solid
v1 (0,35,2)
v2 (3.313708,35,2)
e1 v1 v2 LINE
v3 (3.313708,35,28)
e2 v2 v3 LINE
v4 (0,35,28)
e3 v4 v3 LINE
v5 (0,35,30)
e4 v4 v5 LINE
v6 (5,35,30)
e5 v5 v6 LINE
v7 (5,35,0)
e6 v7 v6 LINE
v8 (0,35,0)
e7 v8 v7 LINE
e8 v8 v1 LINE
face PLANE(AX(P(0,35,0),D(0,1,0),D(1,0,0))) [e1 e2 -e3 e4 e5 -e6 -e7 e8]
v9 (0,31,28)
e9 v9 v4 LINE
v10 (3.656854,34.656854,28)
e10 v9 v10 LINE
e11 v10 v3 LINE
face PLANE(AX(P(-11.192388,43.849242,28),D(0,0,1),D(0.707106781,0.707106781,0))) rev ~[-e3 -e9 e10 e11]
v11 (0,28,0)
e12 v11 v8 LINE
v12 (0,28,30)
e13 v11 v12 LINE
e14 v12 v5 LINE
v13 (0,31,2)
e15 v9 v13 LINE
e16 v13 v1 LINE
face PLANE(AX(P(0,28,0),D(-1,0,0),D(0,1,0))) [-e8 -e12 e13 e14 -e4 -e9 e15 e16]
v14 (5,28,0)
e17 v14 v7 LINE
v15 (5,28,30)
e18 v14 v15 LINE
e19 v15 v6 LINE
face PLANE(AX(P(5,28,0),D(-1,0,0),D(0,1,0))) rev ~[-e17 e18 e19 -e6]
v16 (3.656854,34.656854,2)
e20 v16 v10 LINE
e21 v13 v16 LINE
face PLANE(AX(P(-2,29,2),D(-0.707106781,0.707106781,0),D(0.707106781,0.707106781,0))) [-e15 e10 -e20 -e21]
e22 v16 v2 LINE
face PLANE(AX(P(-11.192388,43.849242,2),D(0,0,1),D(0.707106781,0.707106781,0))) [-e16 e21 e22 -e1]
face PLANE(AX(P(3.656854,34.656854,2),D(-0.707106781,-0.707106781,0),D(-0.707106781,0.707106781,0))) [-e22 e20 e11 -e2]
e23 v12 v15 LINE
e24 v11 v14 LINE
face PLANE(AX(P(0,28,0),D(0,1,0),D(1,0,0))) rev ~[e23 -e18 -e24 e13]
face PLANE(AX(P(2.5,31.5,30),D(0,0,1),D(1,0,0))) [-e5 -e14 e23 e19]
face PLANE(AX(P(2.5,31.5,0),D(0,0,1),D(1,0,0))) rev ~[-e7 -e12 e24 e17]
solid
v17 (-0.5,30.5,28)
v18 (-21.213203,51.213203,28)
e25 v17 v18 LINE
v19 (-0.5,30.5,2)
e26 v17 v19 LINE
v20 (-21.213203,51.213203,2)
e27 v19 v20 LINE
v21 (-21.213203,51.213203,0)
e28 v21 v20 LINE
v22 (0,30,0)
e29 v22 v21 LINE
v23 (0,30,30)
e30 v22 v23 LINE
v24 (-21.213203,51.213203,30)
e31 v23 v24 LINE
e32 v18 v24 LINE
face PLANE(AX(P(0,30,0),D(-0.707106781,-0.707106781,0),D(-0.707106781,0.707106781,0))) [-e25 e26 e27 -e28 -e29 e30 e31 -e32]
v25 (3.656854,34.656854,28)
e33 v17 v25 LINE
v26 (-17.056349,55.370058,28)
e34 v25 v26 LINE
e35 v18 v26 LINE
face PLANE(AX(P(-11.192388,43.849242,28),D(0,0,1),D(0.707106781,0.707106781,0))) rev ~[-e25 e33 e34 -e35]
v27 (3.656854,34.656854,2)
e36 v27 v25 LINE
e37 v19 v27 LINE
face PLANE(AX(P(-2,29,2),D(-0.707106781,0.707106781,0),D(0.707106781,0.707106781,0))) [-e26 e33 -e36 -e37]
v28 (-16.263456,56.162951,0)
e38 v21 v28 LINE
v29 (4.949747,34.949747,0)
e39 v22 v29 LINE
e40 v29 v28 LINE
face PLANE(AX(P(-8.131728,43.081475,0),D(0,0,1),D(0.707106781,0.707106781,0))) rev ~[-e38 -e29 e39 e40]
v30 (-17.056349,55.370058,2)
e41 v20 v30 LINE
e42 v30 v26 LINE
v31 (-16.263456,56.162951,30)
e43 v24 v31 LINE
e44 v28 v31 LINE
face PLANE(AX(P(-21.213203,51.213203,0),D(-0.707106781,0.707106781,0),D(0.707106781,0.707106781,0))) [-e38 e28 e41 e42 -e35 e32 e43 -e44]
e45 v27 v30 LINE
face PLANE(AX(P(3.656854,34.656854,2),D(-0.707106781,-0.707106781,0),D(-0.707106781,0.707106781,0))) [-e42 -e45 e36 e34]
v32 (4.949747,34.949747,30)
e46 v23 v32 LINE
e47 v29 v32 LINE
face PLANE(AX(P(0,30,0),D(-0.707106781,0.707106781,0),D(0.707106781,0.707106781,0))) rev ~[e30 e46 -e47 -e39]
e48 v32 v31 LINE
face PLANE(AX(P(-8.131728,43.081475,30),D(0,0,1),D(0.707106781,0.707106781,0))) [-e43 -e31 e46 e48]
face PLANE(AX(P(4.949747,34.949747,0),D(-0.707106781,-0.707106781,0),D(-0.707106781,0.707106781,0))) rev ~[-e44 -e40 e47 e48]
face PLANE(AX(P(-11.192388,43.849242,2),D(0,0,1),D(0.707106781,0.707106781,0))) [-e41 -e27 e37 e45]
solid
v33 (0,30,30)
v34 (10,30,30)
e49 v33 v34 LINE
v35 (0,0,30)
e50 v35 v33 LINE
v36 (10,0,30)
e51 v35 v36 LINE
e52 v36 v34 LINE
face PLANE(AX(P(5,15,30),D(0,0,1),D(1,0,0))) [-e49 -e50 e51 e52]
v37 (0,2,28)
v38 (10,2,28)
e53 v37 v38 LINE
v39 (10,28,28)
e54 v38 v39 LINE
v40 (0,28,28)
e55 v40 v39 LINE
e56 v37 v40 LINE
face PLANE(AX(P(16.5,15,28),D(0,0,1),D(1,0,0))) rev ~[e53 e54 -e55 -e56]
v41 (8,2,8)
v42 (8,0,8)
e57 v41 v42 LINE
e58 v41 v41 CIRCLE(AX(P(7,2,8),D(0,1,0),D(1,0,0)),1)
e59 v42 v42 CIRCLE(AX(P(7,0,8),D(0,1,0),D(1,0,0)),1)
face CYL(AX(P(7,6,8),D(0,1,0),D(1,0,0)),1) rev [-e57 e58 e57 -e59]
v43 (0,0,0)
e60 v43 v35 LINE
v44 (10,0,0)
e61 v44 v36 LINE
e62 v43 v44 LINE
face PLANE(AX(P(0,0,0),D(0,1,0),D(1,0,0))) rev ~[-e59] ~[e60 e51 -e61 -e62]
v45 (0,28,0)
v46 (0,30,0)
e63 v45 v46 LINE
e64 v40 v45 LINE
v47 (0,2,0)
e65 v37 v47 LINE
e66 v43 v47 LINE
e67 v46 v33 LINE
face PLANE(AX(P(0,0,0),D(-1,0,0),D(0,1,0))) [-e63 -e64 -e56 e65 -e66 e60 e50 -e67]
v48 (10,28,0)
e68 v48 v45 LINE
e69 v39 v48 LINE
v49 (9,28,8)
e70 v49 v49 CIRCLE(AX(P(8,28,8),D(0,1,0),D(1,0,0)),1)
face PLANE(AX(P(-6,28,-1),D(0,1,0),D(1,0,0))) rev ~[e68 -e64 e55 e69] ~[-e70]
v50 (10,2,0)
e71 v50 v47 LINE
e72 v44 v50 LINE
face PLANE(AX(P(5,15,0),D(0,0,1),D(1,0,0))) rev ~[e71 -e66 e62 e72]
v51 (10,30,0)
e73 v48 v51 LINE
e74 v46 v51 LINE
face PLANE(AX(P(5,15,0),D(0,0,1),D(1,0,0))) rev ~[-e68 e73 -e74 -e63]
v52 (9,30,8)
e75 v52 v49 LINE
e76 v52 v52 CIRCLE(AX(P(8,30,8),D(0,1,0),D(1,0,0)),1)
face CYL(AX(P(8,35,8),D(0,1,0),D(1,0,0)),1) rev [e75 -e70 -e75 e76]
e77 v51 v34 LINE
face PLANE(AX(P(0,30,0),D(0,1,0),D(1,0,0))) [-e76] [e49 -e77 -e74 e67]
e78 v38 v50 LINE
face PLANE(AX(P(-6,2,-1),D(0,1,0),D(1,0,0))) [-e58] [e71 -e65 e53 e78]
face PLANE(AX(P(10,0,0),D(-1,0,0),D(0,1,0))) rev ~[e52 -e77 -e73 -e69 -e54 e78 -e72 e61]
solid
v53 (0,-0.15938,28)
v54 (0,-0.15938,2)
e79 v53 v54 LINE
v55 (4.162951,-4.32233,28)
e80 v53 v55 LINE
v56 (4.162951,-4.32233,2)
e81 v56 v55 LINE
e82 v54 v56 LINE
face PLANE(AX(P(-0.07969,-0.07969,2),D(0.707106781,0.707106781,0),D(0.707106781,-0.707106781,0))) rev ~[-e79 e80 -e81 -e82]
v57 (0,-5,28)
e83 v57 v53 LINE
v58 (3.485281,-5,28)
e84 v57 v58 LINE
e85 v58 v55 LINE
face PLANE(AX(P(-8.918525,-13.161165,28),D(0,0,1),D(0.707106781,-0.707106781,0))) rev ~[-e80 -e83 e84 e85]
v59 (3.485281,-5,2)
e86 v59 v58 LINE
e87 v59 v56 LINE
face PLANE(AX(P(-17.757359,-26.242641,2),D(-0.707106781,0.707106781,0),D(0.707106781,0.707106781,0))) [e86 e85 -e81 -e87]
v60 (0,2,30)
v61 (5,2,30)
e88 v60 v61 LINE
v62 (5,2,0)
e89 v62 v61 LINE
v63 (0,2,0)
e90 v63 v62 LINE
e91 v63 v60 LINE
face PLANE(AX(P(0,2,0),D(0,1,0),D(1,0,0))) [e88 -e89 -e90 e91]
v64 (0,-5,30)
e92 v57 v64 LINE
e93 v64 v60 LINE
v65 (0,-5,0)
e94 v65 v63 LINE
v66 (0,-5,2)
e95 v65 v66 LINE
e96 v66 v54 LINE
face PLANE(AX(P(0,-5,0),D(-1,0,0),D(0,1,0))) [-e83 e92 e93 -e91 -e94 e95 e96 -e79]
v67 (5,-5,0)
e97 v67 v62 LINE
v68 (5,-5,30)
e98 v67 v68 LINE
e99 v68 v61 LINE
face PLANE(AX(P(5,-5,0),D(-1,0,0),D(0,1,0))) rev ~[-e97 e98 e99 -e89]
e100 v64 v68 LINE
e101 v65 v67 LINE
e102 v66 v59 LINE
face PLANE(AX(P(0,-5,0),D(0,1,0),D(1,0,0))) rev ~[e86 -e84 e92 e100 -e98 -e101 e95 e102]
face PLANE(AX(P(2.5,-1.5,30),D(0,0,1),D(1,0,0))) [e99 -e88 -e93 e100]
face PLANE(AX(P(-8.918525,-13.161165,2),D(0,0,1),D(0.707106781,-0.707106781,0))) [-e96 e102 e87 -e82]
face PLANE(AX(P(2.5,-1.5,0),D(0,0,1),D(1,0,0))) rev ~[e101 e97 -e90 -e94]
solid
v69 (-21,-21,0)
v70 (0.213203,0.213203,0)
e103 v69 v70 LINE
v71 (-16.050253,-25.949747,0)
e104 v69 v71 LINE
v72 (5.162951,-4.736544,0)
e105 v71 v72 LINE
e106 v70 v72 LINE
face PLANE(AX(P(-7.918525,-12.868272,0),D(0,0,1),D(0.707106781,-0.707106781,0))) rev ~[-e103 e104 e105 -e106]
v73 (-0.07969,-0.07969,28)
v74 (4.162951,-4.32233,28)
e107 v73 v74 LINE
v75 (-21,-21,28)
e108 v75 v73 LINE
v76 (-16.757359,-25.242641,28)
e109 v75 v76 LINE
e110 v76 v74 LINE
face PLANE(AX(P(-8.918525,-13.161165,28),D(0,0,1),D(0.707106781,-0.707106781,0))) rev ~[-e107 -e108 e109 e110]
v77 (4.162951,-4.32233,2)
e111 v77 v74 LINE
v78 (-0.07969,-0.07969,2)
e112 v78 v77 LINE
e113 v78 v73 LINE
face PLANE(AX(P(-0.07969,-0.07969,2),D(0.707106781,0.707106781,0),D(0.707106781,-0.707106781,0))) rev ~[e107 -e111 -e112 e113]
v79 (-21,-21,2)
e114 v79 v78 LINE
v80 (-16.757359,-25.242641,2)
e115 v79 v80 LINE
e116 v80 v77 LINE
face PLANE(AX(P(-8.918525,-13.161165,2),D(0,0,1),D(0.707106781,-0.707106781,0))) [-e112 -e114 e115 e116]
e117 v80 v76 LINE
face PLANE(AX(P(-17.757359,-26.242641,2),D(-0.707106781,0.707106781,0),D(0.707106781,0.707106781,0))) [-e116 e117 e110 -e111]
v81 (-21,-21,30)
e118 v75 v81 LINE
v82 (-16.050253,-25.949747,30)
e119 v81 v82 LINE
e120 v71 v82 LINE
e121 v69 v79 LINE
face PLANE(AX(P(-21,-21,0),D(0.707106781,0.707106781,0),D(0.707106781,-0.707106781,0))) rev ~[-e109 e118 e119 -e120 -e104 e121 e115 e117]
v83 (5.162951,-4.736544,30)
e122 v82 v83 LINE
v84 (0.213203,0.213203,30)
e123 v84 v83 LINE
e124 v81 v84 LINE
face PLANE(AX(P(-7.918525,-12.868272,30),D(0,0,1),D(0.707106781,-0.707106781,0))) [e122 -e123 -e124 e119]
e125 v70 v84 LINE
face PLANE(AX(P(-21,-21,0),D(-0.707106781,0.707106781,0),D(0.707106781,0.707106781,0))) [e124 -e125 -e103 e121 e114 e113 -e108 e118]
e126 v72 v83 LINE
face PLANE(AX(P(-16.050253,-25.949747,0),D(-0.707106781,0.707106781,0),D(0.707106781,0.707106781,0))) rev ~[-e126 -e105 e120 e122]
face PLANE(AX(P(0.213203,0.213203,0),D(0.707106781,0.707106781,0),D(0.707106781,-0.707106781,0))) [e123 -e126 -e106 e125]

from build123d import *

# Parameters (mm, degrees)
CYLINDER_R             = 1
CYLINDER_DEPTH         = 10
CYLINDER_ROLL_ANGLE    = 90
CYLINDER001_R          = 1
CYLINDER001_DEPTH      = 10
CYLINDER001_ROLL_ANGLE = 90
BOX001_W               = 45
BOX001_H               = 26
BOX001_DEPTH           = 29
BOX_W                  = 10
BOX_H                  = 30
BOX_DEPTH              = 30
BOX005_W               = 6
BOX005_H               = 31
BOX005_DEPTH           = 26
BOX005_PLACEMENT_ANGLE = -45
BOX003_W               = 7
BOX003_H               = 30
BOX003_DEPTH           = 30
BOX003_PLACEMENT_ANGLE = -45
BOX004_W               = 8
BOX004_H               = 34
BOX004_DEPTH           = 26
BOX004_PLACEMENT_ANGLE = 45
BOX002_W               = 7
BOX002_H               = 30
BOX002_DEPTH           = 30
BOX002_PLACEMENT_ANGLE = 45
BOX007_W               = 5
BOX007_H               = 7
BOX007_DEPTH           = 30
BOX006_W               = 5
BOX006_H               = 7
BOX006_DEPTH           = 30


with BuildPart() as cylinder:
    # Cylinder → Cylinder (new body)
    with BuildSketch(Plane.XY):
        Circle(CYLINDER_R)
    extrude(amount=CYLINDER_DEPTH)


with BuildPart() as cylinder_1:
    # Cylinder roll: moved
    add(cylinder.part.rotate(Axis((0, 0, 0), (1, 0, 0)), CYLINDER_ROLL_ANGLE))


with BuildPart() as cylinder_2:
    # Cylinder placement: moved
    add(cylinder_1.part.moved(Location((8, 35, 8))))


with BuildPart() as cylinder001:
    # Cylinder001 → Cylinder001 (new body)
    with BuildSketch(Plane.XY):
        Circle(CYLINDER001_R)
    extrude(amount=CYLINDER001_DEPTH)


with BuildPart() as cylinder001_1:
    # Cylinder001 roll: moved
    add(cylinder001.part.rotate(Axis((0, 0, 0), (1, 0, 0)), CYLINDER001_ROLL_ANGLE))


with BuildPart() as cylinder001_2:
    # Cylinder001 placement: moved
    add(cylinder001_1.part.moved(Location((7, 6, 8))))


with BuildPart() as cube001:
    # Box001 → Box001 (new body)
    with BuildSketch(Plane(origin=(-6, 2, -1), x_dir=(1, 0, 0), z_dir=(0, 0, 1))):
        with Locations((22.5, 13)):
            Rectangle(BOX001_W, BOX001_H)
    extrude(amount=BOX001_DEPTH)


with BuildPart() as cut002:
    # Box → Box (new body)
    with BuildSketch(Plane.XY):
        with Locations((5, 15)):
            Rectangle(BOX_W, BOX_H)
    extrude(amount=BOX_DEPTH)

    # Cut: cut Cube001
    add(cube001.part, mode=Mode.SUBTRACT)

    # Cut001: cut Cylinder001
    add(cylinder001_2.part, mode=Mode.SUBTRACT)

    # Cut002: cut Cylinder
    add(cylinder_2.part, mode=Mode.SUBTRACT)


with BuildPart() as cube005:
    # Box005 → Box005 (new body)
    with BuildSketch(Plane.XY):
        with Locations((3, 15.5)):
            Rectangle(BOX005_W, BOX005_H)
    extrude(amount=BOX005_DEPTH)


with BuildPart() as cube005_1:
    # Box005 placement: moved
    add(cube005.part.moved(Location((-22, -22, 2))).rotate(Axis((-22, -22, 2), (0, 0, 1)), BOX005_PLACEMENT_ANGLE))


with BuildPart() as cut003:
    # Box003 → Box003 (new body)
    with BuildSketch(Plane.XY):
        with Locations((3.5, 15)):
            Rectangle(BOX003_W, BOX003_H)
    extrude(amount=BOX003_DEPTH)


with BuildPart() as cut003_1:
    # Box003 placement: moved
    add(cut003.part.moved(Location((-21, -21, 0))).rotate(Axis((-21, -21, 0), (0, 0, 1)), BOX003_PLACEMENT_ANGLE))

    # Cut003: cut Cube005
    add(cube005_1.part, mode=Mode.SUBTRACT)


with BuildPart() as cube004:
    # Box004 → Box004 (new body)
    with BuildSketch(Plane.XY):
        with Locations((4, 17)):
            Rectangle(BOX004_W, BOX004_H)
    extrude(amount=BOX004_DEPTH)


with BuildPart() as cube004_1:
    # Box004 placement: moved
    add(cube004.part.moved(Location((-2, 29, 2))).rotate(Axis((-2, 29, 2), (0, 0, 1)), BOX004_PLACEMENT_ANGLE))


with BuildPart() as cut004:
    # Box002 → Box002 (new body)
    with BuildSketch(Plane.XY):
        with Locations((3.5, 15)):
            Rectangle(BOX002_W, BOX002_H)
    extrude(amount=BOX002_DEPTH)


with BuildPart() as cut004_1:
    # Box002 placement: moved
    add(cut004.part.moved(Location((0, 30, 0))).rotate(Axis((0, 30, 0), (0, 0, 1)), BOX002_PLACEMENT_ANGLE))

    # Cut004: cut Cube004
    add(cube004_1.part, mode=Mode.SUBTRACT)


with BuildPart() as cut005:
    # Box007 → Box007 (new body)
    with BuildSketch(Plane(origin=(0, 28, 0), x_dir=(1, 0, 0), z_dir=(0, 0, 1))):
        with Locations((2.5, 3.5)):
            Rectangle(BOX007_W, BOX007_H)
    extrude(amount=BOX007_DEPTH)

    # Cut005: cut Cube004
    add(cube004_1.part, mode=Mode.SUBTRACT)


with BuildPart() as cut006:
    # Box006 → Box006 (new body)
    with BuildSketch(Plane(origin=(0, -5, 0), x_dir=(1, 0, 0), z_dir=(0, 0, 1))):
        with Locations((2.5, 3.5)):
            Rectangle(BOX006_W, BOX006_H)
    extrude(amount=BOX006_DEPTH)

    # Cut006: cut Cube005
    add(cube005_1.part, mode=Mode.SUBTRACT)


solid = Compound([cut002.part, cut003_1.part, cut004_1.part, cut005.part, cut006.part])
